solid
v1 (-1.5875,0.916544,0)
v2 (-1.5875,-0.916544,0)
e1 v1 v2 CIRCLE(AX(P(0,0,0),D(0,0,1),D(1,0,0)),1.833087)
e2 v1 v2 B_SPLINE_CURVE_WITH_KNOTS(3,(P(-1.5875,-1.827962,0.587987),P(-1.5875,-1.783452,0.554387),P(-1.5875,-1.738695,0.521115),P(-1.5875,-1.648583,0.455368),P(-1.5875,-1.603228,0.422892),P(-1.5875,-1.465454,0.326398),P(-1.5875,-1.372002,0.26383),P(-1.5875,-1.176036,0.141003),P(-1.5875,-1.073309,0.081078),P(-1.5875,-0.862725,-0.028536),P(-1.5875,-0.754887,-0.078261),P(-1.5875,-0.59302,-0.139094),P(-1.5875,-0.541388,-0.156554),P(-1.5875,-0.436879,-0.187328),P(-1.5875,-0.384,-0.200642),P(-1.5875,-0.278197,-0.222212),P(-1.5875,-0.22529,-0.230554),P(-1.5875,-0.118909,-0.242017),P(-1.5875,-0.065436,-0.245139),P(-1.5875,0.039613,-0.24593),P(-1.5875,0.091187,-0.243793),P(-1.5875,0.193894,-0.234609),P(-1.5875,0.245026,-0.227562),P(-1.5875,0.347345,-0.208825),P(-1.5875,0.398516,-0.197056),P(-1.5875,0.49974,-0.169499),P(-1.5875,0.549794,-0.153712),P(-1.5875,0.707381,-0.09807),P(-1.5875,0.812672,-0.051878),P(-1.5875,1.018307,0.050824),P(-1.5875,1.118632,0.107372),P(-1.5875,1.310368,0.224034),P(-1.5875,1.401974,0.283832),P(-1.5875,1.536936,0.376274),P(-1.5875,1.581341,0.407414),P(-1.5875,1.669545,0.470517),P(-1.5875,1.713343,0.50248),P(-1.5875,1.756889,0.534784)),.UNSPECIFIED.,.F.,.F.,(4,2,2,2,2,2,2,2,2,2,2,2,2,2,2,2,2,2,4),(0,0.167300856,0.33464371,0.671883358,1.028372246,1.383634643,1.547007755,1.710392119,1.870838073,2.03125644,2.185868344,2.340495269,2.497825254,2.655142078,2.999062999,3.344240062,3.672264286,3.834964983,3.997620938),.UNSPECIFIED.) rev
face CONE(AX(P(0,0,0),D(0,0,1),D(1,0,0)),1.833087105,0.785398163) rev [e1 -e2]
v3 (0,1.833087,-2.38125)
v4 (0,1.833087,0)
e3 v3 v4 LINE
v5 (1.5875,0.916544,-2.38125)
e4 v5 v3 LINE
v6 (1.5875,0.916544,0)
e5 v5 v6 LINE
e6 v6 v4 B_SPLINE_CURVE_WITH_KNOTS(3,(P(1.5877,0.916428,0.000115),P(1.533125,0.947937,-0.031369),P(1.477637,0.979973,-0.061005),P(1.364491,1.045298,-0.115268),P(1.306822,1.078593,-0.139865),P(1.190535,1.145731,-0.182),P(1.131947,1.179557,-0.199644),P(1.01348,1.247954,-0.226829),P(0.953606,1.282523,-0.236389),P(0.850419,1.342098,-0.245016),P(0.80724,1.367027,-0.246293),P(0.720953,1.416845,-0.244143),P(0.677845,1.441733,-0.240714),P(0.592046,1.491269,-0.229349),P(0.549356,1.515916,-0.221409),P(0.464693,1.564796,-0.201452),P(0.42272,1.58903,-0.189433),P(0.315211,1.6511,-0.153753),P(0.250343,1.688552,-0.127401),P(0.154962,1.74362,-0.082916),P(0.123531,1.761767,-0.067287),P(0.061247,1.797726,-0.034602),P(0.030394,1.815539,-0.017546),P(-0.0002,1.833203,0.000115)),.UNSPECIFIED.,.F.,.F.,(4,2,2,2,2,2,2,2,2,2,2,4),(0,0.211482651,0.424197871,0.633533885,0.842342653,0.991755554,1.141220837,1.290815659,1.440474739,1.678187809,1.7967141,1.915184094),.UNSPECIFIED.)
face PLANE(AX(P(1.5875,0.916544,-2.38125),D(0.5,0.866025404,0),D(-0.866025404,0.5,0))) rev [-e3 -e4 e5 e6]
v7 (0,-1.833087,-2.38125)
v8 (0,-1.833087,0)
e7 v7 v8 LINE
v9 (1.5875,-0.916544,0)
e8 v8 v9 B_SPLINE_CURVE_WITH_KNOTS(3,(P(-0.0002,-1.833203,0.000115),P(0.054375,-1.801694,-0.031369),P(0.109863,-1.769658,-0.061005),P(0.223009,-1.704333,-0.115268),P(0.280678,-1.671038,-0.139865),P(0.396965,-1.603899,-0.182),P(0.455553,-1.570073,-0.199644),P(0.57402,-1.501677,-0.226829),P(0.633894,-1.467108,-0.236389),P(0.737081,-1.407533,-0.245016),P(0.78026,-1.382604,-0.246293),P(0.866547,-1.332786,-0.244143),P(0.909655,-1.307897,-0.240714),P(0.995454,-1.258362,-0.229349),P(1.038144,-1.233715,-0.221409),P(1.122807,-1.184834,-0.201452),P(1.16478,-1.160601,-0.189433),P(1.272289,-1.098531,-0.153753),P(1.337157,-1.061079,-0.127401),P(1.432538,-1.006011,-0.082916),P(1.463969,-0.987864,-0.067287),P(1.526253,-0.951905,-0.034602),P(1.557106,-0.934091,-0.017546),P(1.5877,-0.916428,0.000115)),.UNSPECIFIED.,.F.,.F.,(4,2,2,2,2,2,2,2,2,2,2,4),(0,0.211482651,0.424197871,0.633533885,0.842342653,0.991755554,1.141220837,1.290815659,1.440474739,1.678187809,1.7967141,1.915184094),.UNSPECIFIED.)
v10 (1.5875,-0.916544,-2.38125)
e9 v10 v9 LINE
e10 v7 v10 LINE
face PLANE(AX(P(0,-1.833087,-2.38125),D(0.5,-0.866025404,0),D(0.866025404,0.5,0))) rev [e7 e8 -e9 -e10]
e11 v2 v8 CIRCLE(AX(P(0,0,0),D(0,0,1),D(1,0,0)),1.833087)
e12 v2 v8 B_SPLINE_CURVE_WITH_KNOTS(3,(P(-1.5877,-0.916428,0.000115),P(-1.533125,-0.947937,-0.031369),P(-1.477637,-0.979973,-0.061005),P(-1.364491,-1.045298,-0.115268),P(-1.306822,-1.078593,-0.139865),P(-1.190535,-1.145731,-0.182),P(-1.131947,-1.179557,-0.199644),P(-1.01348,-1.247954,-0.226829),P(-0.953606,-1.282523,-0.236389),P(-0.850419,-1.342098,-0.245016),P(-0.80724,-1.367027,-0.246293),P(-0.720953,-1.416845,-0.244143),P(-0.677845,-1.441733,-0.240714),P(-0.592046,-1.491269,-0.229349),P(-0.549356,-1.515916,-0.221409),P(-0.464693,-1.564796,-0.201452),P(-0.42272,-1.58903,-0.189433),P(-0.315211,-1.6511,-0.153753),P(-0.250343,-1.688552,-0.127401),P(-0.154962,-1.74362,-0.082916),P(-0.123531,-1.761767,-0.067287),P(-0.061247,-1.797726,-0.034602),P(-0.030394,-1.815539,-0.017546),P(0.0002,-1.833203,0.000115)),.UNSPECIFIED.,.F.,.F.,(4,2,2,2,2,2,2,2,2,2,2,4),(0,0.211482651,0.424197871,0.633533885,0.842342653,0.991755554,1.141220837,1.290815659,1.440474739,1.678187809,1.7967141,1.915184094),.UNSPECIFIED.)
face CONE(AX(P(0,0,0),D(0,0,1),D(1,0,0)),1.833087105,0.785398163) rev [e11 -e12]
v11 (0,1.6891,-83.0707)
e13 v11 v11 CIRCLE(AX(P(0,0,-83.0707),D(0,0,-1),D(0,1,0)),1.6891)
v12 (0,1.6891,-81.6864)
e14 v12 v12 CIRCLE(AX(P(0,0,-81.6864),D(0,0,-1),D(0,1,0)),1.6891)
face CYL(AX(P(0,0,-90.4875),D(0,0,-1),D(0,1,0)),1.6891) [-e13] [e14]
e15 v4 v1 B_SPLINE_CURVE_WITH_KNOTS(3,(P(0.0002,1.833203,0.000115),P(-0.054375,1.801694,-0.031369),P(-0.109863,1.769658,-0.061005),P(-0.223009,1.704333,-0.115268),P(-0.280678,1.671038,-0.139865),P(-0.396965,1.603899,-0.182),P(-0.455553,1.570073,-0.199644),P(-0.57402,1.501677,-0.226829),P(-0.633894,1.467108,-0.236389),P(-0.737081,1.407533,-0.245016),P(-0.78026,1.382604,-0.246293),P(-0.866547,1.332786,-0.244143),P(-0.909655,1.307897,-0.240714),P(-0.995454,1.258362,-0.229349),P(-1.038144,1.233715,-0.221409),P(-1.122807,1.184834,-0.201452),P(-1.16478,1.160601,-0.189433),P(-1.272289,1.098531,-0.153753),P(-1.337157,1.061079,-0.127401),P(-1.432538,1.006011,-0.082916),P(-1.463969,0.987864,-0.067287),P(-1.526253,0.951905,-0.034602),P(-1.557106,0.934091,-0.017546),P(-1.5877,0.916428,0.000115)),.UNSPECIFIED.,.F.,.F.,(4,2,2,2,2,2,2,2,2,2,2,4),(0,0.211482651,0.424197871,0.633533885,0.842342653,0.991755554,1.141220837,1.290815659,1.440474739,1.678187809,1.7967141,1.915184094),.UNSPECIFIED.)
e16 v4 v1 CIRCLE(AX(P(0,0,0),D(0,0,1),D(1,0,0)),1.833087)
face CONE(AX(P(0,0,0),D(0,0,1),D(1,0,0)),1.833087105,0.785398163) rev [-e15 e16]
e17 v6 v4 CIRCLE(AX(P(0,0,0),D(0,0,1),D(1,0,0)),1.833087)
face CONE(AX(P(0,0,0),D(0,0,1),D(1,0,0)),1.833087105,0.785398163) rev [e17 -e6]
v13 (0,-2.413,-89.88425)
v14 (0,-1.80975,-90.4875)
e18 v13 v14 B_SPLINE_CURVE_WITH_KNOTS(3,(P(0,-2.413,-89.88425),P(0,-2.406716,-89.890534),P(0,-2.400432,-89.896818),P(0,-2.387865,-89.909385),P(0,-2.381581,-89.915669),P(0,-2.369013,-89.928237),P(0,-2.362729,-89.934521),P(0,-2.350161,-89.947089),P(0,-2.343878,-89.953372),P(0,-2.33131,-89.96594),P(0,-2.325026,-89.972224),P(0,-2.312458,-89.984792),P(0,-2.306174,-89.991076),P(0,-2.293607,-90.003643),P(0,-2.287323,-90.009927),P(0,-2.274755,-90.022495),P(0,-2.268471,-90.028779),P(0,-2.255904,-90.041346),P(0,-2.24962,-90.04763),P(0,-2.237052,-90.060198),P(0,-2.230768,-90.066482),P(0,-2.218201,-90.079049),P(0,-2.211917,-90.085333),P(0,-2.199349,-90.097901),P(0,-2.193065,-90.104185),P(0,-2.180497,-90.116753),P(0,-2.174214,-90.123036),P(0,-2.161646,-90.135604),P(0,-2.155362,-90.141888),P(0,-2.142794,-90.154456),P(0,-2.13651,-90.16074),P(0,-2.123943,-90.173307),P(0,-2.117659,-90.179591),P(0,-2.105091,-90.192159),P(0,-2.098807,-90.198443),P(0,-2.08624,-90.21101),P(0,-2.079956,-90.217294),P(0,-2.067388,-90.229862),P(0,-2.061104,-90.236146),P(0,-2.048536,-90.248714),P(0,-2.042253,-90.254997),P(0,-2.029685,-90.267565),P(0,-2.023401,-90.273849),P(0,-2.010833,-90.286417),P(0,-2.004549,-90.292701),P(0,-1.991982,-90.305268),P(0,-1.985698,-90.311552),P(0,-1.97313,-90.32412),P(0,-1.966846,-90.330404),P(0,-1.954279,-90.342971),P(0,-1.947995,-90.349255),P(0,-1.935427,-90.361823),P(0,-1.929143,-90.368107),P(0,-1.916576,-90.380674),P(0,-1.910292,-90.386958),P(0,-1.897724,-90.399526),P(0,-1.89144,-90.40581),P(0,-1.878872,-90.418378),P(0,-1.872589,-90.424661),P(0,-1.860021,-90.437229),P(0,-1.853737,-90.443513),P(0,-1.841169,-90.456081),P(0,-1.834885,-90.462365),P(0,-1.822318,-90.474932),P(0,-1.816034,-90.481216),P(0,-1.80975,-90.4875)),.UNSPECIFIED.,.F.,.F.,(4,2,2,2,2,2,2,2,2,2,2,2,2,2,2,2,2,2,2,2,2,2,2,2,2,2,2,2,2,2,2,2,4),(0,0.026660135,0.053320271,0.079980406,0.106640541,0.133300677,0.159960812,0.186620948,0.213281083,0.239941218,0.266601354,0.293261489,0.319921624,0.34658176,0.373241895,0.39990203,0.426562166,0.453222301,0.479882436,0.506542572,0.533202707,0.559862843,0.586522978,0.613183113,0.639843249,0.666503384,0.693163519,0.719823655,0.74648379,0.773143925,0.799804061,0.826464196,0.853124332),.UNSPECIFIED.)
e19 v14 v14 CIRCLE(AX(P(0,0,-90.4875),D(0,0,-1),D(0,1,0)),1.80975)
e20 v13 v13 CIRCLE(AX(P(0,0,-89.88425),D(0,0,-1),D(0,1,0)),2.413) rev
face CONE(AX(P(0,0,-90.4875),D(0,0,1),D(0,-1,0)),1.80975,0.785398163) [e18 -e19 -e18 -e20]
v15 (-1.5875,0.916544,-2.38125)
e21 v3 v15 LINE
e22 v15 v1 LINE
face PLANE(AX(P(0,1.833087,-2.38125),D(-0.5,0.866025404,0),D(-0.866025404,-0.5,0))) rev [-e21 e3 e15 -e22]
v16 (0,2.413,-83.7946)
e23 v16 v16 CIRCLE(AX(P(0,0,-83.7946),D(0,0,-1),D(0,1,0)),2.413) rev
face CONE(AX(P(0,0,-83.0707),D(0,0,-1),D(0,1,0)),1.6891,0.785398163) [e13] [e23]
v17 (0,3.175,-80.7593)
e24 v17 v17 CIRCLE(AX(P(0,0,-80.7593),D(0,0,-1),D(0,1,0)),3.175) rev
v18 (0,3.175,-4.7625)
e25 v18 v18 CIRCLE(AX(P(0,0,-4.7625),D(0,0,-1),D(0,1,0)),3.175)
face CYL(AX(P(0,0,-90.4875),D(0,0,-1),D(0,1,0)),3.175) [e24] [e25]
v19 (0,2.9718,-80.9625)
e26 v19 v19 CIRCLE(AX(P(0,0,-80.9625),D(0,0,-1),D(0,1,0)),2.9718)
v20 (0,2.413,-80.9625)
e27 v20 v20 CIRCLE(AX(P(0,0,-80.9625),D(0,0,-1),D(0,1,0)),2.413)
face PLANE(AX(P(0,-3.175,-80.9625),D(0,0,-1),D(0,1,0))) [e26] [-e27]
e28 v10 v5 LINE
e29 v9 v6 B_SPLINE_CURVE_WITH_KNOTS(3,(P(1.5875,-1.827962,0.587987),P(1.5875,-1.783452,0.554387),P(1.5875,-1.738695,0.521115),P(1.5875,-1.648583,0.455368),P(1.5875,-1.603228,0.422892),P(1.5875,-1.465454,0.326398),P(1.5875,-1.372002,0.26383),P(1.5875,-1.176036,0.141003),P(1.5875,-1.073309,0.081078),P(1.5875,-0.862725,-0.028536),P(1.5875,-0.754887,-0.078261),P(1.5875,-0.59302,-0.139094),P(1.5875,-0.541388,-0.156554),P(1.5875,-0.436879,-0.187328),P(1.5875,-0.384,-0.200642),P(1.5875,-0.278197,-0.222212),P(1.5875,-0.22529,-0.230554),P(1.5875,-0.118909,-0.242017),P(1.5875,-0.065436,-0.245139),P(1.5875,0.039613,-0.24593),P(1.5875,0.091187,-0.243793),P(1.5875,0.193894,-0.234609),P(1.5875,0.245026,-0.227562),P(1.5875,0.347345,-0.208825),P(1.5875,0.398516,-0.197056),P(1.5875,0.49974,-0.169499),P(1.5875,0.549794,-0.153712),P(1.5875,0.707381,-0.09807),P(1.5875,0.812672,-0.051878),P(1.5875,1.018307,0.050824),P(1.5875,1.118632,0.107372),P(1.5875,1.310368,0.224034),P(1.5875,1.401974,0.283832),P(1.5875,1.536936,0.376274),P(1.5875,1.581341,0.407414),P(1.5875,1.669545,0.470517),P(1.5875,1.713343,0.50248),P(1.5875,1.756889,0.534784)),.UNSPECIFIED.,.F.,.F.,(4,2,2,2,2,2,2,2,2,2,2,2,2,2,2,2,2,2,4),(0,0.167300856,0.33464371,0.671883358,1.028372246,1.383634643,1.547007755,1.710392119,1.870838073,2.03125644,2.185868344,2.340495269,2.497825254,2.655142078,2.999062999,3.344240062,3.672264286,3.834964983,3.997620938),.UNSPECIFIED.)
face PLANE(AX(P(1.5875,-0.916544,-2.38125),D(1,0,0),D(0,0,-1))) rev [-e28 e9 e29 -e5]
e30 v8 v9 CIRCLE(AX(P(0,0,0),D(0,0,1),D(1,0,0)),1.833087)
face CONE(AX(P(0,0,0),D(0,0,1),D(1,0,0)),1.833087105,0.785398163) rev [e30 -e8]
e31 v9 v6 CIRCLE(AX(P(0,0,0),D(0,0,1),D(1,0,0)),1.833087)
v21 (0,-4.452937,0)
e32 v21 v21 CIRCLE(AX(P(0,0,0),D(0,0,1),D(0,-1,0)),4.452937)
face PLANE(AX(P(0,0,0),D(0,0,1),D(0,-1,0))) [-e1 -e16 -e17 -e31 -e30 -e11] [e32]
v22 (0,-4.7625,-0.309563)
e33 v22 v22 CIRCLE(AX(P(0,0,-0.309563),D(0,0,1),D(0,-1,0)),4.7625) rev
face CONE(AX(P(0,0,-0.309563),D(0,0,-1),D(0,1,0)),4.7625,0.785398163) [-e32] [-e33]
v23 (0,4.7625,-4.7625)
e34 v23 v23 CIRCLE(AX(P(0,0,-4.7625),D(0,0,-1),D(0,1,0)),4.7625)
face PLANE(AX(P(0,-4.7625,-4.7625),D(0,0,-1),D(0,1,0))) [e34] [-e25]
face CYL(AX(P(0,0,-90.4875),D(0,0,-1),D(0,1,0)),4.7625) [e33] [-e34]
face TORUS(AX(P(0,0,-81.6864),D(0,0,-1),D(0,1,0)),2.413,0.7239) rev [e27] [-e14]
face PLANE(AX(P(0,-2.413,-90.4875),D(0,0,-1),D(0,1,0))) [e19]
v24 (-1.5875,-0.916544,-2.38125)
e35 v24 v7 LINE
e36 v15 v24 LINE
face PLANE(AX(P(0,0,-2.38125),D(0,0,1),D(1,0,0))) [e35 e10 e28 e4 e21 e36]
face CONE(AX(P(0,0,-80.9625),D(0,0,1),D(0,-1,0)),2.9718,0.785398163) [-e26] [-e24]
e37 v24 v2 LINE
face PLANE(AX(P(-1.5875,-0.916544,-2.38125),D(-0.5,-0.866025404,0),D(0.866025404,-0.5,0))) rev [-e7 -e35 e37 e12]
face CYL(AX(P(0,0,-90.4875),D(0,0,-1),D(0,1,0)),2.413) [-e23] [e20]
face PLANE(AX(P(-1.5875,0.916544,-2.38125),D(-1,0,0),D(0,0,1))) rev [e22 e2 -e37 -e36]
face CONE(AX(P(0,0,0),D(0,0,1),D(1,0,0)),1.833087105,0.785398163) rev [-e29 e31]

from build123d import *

# Parameters (mm, degrees)
CHAMFER1_SIZE      = 0.60325
CHAMFER2_SIZE      = 0.3095625
CHAMFER3_SIZE      = 0.2032
CUT_EXTRUDE2_DEPTH = 2.38125


with BuildPart() as part:
    # Sketch1 → Revolve1 (revolve)
    with BuildSketch(Plane(origin=(0, 0, 0), x_dir=(0, 0, -1), z_dir=(1, 0, 0))):
        Polygon((0, 4.7625), (4.7625, 4.7625), (4.7625, 3.175), (80.9625, 3.175), (80.9625, 2.413), (90.4875, 2.413), (90.4875, 0), (0, 0), align=None)
    revolve(axis=Axis((0, 0, -90.4875), (0, 0, 1)))

    # Sketch5 → Cut-Revolve1 (revolve, cut)
    with BuildSketch(Plane(origin=(0, 0, 0), x_dir=(0, 0, -1), z_dir=(1, 0, 0))):
        with BuildLine():
            Line((80.9625, 3.175), (84.5566, 3.175))
            Line((84.5566, 3.175), (83.0707, 1.6891))
            Line((83.0707, 1.6891), (81.6864, 1.6891))
            ThreePointArc((81.6864, 1.6891), (81.174525401, 1.901125401), (80.9625, 2.413))
            Line((80.9625, 2.413), (80.9625, 3.175))
        make_face()
    revolve(axis=Axis((0, 0, -90.4875), (0, 0, 1)), mode=Mode.SUBTRACT)

    # Chamfer1
    chamfer1_edges = [part.edges().sort_by_distance(p)[0] for p in [
        (0, -2.413, -90.4875),
    ]]
    chamfer(chamfer1_edges, length=CHAMFER1_SIZE)

    # Chamfer2
    chamfer2_edges = [part.edges().sort_by_distance(p)[0] for p in [
        (0, -4.7625, 0),
    ]]
    chamfer(chamfer2_edges, length=CHAMFER2_SIZE)

    # Chamfer3
    chamfer3_edges = [part.edges().sort_by_distance(p)[0] for p in [
        (0, -3.175, -80.9625),
    ]]
    chamfer(chamfer3_edges, length=CHAMFER3_SIZE)

    # Sketch8 → Cut-Extrude2 (cut)
    with BuildSketch(Plane.XY):
        Polygon((1.5875, 0.916543552), (0, 1.833087105), (-1.5875, 0.916543552), (-1.5875, -0.916543552), (0, -1.833087105), (1.5875, -0.916543552), align=None)
    extrude(amount=-CUT_EXTRUDE2_DEPTH, mode=Mode.SUBTRACT)

    # Cut-Extrude4 cone 1 section (through the dimple's axis) → Cut-Extrude4 (revolve, cut)
    with BuildSketch(Plane(origin=(0, 0, 0), x_dir=(0, -1, 0), z_dir=(1, 0, 0))):
        Polygon((0, 0), (1.833087105, 0), (0, 1.833087105), align=None)
    revolve(axis=Axis((0, 0, 0), (0, 0, -1)), mode=Mode.SUBTRACT)


solid = part.part
